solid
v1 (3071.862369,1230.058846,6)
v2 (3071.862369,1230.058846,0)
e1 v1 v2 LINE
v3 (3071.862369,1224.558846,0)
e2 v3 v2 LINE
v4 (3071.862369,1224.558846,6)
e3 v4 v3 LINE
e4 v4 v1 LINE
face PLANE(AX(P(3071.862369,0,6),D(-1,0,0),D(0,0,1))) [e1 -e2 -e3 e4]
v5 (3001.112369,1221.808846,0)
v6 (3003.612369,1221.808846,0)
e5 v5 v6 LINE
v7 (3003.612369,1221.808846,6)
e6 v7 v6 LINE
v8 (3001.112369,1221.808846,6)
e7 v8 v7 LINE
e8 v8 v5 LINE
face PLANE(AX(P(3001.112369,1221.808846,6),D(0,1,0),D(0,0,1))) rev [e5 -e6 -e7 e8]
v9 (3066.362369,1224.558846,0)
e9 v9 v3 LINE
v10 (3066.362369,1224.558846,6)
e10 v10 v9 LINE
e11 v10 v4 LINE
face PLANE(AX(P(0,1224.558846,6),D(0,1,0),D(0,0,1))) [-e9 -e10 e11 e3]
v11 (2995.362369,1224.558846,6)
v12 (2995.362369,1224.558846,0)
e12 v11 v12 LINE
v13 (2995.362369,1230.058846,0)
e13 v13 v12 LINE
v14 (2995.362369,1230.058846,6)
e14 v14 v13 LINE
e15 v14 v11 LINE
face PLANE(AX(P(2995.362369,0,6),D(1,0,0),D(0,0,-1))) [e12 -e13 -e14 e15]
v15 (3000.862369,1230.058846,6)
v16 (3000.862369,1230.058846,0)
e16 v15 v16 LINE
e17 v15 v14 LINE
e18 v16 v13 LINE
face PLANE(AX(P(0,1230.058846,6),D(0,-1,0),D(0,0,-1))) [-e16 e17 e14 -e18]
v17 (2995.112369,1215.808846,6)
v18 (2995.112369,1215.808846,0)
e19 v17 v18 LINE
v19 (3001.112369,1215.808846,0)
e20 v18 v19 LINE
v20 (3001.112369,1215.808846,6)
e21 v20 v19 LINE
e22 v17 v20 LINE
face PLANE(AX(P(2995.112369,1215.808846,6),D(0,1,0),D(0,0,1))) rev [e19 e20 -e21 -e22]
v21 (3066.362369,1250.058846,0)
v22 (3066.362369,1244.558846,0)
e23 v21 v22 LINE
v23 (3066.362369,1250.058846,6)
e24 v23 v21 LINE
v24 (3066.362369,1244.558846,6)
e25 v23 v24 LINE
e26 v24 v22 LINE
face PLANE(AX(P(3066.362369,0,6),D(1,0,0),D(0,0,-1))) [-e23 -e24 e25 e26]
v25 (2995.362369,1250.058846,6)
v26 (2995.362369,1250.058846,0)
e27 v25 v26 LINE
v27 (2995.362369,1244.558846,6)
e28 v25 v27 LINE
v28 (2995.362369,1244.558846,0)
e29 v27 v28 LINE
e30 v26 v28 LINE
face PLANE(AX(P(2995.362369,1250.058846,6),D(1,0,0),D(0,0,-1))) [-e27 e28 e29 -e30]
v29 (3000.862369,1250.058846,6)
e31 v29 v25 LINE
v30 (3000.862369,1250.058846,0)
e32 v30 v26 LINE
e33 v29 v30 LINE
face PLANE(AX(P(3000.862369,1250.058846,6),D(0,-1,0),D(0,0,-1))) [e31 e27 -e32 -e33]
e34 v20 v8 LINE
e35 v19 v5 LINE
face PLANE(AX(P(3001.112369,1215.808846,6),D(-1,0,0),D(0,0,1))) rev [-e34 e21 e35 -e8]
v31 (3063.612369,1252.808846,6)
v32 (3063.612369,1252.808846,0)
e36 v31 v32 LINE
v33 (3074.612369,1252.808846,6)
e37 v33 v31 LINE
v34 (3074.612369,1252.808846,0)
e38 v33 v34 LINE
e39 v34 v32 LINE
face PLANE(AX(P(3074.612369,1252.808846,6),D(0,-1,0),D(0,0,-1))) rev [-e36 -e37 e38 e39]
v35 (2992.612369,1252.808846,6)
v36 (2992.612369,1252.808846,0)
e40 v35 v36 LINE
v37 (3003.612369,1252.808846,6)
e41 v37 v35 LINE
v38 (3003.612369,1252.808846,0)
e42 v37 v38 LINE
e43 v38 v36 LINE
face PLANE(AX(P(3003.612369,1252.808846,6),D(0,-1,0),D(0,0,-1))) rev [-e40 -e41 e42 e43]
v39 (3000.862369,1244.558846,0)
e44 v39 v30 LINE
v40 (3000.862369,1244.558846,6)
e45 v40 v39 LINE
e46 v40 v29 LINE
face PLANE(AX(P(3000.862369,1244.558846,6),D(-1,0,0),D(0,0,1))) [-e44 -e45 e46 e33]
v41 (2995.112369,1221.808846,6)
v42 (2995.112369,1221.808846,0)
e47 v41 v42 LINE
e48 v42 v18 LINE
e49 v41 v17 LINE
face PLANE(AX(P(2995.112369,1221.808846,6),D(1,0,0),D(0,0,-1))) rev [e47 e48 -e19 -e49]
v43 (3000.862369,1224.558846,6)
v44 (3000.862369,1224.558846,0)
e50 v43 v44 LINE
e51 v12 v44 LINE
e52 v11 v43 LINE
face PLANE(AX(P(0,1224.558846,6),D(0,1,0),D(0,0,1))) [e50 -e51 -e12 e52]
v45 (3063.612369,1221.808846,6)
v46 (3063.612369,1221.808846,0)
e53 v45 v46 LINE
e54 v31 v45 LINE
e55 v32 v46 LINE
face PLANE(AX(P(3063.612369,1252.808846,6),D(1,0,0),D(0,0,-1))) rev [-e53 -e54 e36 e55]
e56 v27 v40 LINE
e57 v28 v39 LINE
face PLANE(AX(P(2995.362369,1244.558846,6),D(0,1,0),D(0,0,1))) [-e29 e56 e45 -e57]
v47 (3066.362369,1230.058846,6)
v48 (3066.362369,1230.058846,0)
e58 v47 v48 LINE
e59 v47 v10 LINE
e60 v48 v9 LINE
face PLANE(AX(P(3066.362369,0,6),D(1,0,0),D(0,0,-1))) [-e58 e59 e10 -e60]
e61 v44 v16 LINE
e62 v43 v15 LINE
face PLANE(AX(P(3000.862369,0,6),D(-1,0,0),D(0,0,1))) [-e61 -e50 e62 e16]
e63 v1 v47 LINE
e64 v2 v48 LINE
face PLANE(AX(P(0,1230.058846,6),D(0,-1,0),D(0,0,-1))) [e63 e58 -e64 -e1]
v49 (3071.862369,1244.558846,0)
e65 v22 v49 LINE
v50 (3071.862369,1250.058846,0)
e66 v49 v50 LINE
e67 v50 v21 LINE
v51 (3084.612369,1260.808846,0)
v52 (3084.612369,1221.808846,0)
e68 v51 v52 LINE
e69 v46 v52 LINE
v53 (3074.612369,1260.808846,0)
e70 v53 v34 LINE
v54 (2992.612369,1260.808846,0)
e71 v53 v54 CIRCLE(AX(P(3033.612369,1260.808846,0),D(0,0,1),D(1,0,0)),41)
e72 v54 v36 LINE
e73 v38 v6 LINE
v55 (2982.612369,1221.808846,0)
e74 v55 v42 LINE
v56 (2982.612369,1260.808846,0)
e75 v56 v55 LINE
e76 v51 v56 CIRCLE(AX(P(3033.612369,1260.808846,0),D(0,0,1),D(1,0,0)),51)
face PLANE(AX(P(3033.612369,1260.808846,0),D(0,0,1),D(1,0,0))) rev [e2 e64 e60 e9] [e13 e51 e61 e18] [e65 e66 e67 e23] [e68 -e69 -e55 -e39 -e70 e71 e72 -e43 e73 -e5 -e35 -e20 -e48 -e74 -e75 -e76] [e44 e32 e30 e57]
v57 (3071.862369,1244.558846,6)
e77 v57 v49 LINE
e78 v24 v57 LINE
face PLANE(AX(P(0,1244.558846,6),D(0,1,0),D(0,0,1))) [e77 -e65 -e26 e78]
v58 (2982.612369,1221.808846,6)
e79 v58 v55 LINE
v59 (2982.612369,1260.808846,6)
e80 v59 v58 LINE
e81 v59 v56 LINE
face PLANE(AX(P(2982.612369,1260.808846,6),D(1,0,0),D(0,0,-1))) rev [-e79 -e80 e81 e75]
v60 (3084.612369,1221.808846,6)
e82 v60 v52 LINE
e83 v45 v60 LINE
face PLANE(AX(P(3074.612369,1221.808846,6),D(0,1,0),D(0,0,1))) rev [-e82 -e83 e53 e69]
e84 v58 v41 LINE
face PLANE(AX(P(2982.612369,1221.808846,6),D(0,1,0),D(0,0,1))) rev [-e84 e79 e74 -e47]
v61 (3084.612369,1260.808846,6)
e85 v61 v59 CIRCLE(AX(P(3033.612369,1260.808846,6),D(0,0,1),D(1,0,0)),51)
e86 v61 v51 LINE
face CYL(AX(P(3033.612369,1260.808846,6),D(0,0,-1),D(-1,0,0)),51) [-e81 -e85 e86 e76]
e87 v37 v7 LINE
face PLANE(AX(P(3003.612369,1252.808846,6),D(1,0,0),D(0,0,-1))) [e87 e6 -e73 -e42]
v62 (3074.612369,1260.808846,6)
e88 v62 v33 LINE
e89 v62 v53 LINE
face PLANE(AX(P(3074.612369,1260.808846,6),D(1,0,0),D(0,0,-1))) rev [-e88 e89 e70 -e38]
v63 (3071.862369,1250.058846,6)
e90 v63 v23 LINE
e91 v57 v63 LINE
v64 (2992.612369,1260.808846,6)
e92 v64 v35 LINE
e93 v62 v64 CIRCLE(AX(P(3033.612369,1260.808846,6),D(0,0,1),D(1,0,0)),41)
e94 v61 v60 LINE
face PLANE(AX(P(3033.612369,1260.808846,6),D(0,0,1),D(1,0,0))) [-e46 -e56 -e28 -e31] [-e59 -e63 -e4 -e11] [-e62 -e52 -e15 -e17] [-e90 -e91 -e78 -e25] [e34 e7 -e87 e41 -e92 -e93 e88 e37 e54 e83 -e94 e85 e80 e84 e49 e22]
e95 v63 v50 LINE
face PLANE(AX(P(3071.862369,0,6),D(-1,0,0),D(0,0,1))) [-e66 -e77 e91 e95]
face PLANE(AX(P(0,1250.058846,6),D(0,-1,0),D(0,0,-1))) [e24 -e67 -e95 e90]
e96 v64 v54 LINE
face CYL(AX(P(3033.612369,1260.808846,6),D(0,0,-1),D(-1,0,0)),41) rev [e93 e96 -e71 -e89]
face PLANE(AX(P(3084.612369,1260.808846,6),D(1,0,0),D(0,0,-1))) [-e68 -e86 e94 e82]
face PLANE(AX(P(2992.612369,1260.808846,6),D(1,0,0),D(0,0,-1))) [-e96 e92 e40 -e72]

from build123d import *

# Parameters (mm, degrees)
MODEL_W             = 5.5
MODEL_H             = 5.5
BOSS_EXTRUDE1_DEPTH = 6


with BuildPart() as part:
    # Model → Boss-Extrude1 (new body)
    with BuildSketch(Plane.XY):
        with BuildLine():
            Line((2982.612369189, 1260.808846123), (2982.612369189, 1221.808846123))
            Line((2982.612369189, 1221.808846123), (2995.112369189, 1221.808846123))
            Line((2995.112369189, 1221.808846123), (2995.112369189, 1215.808846123))
            Line((2995.112369189, 1215.808846123), (3001.112369189, 1215.808846123))
            Line((3001.112369189, 1215.808846123), (3001.112369189, 1221.808846123))
            Line((3001.112369189, 1221.808846123), (3003.612369189, 1221.808846123))
            Line((3003.612369189, 1221.808846123), (3003.612369189, 1252.808846123))
            Line((3003.612369189, 1252.808846123), (2992.612369189, 1252.808846123))
            Line((2992.612369189, 1252.808846123), (2992.612369189, 1260.808846123))
            ThreePointArc((2992.612369189, 1260.808846123), (3033.612369189, 1301.808846123), (3074.612369189, 1260.808846123))
            Line((3074.612369189, 1260.808846123), (3074.612369189, 1252.808846123))
            Line((3074.612369189, 1252.808846123), (3063.612369189, 1252.808846123))
            Line((3063.612369189, 1252.808846123), (3063.612369189, 1221.808846123))
            Line((3063.612369189, 1221.808846123), (3074.612369189, 1221.808846123))
            Line((3074.612369189, 1221.808846123), (3084.612369189, 1221.808846123))
            Line((3084.612369189, 1221.808846123), (3084.612369189, 1260.808846123))
            ThreePointArc((3084.612369189, 1260.808846123), (3033.612369189, 1311.808846123), (2982.612369189, 1260.808846123))
        make_face()
        with Locations((3069.112369189, 1227.308846123)):
            Rectangle(MODEL_W, MODEL_H, mode=Mode.SUBTRACT)
        with Locations((3069.112369189, 1247.308846123)):
            Rectangle(MODEL_W, MODEL_H, mode=Mode.SUBTRACT)
        with Locations((2998.112369189, 1227.308846123)):
            Rectangle(MODEL_W, MODEL_H, mode=Mode.SUBTRACT)
        with Locations((2998.112369189, 1247.308846123)):
            Rectangle(MODEL_W, MODEL_H, mode=Mode.SUBTRACT)
    extrude(amount=BOSS_EXTRUDE1_DEPTH)


solid = part.part
